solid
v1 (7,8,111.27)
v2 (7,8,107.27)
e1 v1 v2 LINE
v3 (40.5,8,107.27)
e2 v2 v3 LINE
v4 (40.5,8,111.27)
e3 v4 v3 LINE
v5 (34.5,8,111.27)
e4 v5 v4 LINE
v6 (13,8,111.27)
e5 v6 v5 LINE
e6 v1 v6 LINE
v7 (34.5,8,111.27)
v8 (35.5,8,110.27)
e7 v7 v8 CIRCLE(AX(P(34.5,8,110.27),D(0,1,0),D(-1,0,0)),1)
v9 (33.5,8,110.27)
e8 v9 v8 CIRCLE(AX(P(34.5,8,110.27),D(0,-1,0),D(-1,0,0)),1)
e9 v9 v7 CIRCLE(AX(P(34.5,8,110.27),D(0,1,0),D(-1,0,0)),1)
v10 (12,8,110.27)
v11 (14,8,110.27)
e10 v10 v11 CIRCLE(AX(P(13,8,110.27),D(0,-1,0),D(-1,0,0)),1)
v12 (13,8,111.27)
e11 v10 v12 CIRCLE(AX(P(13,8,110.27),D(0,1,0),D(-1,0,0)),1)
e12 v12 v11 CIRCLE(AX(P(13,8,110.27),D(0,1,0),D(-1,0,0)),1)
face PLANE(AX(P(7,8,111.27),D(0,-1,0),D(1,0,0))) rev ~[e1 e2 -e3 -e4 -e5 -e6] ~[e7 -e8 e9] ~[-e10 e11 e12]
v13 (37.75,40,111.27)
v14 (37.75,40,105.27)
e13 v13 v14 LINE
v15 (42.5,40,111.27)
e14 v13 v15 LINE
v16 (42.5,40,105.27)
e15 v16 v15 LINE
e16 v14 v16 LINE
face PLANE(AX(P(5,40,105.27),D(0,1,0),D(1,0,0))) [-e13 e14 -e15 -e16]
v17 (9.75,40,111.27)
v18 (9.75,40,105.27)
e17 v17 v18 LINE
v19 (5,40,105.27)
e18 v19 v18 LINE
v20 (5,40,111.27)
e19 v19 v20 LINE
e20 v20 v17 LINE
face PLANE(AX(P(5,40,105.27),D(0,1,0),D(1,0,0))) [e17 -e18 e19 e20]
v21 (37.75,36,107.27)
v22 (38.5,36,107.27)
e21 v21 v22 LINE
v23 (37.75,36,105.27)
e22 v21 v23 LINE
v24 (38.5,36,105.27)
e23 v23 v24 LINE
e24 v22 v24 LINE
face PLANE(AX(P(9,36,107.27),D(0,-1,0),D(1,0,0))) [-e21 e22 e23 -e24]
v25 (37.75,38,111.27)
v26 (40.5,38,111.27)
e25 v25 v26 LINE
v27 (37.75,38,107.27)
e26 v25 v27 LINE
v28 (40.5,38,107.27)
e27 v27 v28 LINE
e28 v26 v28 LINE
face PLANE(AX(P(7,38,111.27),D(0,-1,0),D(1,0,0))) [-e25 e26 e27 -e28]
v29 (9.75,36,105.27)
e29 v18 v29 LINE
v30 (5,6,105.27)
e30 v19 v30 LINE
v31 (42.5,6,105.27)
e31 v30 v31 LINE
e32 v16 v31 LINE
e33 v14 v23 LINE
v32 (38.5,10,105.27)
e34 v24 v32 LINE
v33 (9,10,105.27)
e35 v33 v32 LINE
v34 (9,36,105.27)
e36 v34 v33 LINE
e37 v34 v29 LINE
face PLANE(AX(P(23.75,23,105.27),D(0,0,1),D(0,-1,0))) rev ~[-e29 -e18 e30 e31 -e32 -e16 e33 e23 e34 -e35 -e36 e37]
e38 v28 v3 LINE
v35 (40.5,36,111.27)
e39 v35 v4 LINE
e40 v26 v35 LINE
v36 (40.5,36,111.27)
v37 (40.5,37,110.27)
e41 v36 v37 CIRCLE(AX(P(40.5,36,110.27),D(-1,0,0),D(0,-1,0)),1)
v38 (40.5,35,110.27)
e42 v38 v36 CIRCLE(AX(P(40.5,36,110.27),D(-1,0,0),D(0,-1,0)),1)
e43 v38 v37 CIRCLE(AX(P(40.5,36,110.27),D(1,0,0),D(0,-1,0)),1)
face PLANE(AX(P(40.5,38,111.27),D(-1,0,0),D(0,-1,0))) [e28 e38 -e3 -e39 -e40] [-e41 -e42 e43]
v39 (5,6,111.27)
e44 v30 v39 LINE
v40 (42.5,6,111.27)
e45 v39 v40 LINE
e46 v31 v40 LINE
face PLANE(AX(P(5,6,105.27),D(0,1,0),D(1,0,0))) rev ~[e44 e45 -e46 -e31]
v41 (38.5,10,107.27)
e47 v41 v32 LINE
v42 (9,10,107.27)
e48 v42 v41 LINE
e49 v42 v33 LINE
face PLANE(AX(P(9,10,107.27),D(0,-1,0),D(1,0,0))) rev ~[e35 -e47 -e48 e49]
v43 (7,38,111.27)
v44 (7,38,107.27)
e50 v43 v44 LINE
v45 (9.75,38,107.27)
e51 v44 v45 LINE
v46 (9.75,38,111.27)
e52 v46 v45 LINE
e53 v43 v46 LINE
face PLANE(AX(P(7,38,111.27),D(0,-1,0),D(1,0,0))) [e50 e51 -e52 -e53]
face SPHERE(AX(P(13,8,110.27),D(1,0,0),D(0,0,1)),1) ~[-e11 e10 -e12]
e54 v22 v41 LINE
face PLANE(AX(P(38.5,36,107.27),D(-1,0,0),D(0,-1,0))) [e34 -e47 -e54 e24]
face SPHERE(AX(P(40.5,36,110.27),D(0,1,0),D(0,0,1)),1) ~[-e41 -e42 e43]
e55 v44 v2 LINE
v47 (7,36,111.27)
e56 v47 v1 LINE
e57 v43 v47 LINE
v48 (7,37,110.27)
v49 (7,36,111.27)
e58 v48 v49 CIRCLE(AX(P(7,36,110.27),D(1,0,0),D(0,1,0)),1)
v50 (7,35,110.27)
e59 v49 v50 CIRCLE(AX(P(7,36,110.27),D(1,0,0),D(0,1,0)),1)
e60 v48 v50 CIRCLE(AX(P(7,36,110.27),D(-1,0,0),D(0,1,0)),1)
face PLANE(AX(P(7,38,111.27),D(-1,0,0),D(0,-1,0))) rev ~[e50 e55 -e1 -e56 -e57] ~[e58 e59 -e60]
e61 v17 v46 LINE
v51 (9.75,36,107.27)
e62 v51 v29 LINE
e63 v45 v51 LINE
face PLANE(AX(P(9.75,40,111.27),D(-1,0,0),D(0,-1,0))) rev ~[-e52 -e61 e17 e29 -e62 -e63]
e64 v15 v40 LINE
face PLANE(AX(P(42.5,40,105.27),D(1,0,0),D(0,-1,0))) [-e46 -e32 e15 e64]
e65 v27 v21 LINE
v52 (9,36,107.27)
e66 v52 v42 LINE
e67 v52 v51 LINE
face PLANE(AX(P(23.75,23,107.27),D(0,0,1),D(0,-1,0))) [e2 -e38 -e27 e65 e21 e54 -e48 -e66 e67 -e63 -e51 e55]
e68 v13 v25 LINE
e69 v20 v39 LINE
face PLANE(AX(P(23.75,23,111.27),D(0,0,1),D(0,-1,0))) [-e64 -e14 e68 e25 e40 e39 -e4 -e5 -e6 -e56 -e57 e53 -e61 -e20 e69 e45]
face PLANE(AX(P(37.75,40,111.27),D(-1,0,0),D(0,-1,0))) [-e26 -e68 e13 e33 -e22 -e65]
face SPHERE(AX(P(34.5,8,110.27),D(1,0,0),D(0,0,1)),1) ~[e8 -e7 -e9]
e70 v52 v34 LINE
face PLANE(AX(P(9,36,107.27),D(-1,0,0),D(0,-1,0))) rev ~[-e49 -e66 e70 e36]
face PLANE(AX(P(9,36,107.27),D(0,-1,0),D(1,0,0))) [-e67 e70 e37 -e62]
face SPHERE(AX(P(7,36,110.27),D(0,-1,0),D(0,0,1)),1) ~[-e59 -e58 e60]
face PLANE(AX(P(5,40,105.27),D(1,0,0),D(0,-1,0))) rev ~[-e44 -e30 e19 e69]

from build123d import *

# Parameters (mm, degrees)
SKETCH049_W             = 34
SKETCH049_H             = 37.5
PAD032_DEPTH            = 6
SKETCH050_W             = 30
SKETCH050_H             = 33.5
POCKET014_DEPTH         = 4
SKETCH051_W             = 26
SKETCH051_H             = 29.5
POCKET015_DEPTH         = 2.001
SKETCH052_W             = 4
SKETCH052_H             = 28
POCKET016_DEPTH         = 6.001
REVOLUTION_ANGLE        = 180
REVOLUTION001_ANGLE     = -180
REVOLUTION002_ANGLE     = 180
BODY009_PLACEMENT_ANGLE = -90


with BuildPart() as part:
    # Sketch049 → Pad032 (new body)
    with BuildSketch(Plane.XY):
        with Locations((17, 18.75)):
            Rectangle(SKETCH049_W, SKETCH049_H)
    extrude(amount=PAD032_DEPTH)

    # Sketch050 (on Face6 of Pad032) → Pocket014 (cut)
    with BuildSketch(Plane.XY.offset(6)):
        with Locations((17, 18.75)):
            Rectangle(SKETCH050_W, SKETCH050_H)
    extrude(amount=-POCKET014_DEPTH, mode=Mode.SUBTRACT)

    # Sketch051 (on Face11 of Pocket014) → Pocket015 (cut, through all)
    with BuildSketch(Plane.XY.offset(2)):
        with Locations((17, 18.75)):
            Rectangle(SKETCH051_W, SKETCH051_H)
    extrude(amount=-POCKET015_DEPTH, mode=Mode.SUBTRACT)

    # Sketch052 (on Face5 of Pocket015) → Pocket016 (cut, through all)
    with BuildSketch(Plane.XY.offset(6)):
        with Locations((2, 18.75)):
            Rectangle(SKETCH052_W, SKETCH052_H)
    extrude(amount=-POCKET016_DEPTH, mode=Mode.SUBTRACT)

    # Sketch053 (on Face17 of Pocket016) → Revolution (revolve)
    with BuildSketch(Plane(origin=(32, 0, 0), x_dir=(0, -1, 0), z_dir=(-1, 0, 0))):
        with BuildLine():
            ThreePointArc((-28.5, 5), (-29.5, 6), (-30.5, 5))
            Line((-28.5, 5), (-30.5, 5))
        make_face()
        with BuildLine():
            ThreePointArc((-7, 5), (-8, 6), (-9, 5))
            Line((-9, 5), (-7, 5))
        make_face()
    revolve(axis=Axis((32, 29.201832, 5), (0, -1, 0)), revolution_arc=REVOLUTION_ANGLE)

    # Sketch054 (on Face16 of Revolution) → Revolution001 (revolve)
    with BuildSketch(Plane(origin=(0, 2, 0), x_dir=(-1, 0, 0), z_dir=(0, 1, 0))):
        with BuildLine():
            ThreePointArc((-3, 5), (-4, 6), (-5, 5))
            Line((-5, 5), (-3, 5))
        make_face()
    revolve(axis=Axis((5, 2, 5), (1, 0, 0)), revolution_arc=REVOLUTION001_ANGLE)

    # Sketch055 (on Face19 of Revolution001) → Revolution002 (revolve)
    with BuildSketch(Plane.XZ.offset(-35.5)):
        with BuildLine():
            ThreePointArc((5, 5), (4, 6), (3, 5))
            Line((3, 5), (5, 5))
        make_face()
    revolve(axis=Axis((5, 35.5, 5), (1, 0, 0)), revolution_arc=REVOLUTION002_ANGLE)


with BuildPart() as part_1:
    # Body009 placement: moved
    add(part.part.moved(Location((5, 40, 105.27))).rotate(Axis((5, 40, 105.27), (0, 0, 1)), BODY009_PLACEMENT_ANGLE))


solid = part_1.part
